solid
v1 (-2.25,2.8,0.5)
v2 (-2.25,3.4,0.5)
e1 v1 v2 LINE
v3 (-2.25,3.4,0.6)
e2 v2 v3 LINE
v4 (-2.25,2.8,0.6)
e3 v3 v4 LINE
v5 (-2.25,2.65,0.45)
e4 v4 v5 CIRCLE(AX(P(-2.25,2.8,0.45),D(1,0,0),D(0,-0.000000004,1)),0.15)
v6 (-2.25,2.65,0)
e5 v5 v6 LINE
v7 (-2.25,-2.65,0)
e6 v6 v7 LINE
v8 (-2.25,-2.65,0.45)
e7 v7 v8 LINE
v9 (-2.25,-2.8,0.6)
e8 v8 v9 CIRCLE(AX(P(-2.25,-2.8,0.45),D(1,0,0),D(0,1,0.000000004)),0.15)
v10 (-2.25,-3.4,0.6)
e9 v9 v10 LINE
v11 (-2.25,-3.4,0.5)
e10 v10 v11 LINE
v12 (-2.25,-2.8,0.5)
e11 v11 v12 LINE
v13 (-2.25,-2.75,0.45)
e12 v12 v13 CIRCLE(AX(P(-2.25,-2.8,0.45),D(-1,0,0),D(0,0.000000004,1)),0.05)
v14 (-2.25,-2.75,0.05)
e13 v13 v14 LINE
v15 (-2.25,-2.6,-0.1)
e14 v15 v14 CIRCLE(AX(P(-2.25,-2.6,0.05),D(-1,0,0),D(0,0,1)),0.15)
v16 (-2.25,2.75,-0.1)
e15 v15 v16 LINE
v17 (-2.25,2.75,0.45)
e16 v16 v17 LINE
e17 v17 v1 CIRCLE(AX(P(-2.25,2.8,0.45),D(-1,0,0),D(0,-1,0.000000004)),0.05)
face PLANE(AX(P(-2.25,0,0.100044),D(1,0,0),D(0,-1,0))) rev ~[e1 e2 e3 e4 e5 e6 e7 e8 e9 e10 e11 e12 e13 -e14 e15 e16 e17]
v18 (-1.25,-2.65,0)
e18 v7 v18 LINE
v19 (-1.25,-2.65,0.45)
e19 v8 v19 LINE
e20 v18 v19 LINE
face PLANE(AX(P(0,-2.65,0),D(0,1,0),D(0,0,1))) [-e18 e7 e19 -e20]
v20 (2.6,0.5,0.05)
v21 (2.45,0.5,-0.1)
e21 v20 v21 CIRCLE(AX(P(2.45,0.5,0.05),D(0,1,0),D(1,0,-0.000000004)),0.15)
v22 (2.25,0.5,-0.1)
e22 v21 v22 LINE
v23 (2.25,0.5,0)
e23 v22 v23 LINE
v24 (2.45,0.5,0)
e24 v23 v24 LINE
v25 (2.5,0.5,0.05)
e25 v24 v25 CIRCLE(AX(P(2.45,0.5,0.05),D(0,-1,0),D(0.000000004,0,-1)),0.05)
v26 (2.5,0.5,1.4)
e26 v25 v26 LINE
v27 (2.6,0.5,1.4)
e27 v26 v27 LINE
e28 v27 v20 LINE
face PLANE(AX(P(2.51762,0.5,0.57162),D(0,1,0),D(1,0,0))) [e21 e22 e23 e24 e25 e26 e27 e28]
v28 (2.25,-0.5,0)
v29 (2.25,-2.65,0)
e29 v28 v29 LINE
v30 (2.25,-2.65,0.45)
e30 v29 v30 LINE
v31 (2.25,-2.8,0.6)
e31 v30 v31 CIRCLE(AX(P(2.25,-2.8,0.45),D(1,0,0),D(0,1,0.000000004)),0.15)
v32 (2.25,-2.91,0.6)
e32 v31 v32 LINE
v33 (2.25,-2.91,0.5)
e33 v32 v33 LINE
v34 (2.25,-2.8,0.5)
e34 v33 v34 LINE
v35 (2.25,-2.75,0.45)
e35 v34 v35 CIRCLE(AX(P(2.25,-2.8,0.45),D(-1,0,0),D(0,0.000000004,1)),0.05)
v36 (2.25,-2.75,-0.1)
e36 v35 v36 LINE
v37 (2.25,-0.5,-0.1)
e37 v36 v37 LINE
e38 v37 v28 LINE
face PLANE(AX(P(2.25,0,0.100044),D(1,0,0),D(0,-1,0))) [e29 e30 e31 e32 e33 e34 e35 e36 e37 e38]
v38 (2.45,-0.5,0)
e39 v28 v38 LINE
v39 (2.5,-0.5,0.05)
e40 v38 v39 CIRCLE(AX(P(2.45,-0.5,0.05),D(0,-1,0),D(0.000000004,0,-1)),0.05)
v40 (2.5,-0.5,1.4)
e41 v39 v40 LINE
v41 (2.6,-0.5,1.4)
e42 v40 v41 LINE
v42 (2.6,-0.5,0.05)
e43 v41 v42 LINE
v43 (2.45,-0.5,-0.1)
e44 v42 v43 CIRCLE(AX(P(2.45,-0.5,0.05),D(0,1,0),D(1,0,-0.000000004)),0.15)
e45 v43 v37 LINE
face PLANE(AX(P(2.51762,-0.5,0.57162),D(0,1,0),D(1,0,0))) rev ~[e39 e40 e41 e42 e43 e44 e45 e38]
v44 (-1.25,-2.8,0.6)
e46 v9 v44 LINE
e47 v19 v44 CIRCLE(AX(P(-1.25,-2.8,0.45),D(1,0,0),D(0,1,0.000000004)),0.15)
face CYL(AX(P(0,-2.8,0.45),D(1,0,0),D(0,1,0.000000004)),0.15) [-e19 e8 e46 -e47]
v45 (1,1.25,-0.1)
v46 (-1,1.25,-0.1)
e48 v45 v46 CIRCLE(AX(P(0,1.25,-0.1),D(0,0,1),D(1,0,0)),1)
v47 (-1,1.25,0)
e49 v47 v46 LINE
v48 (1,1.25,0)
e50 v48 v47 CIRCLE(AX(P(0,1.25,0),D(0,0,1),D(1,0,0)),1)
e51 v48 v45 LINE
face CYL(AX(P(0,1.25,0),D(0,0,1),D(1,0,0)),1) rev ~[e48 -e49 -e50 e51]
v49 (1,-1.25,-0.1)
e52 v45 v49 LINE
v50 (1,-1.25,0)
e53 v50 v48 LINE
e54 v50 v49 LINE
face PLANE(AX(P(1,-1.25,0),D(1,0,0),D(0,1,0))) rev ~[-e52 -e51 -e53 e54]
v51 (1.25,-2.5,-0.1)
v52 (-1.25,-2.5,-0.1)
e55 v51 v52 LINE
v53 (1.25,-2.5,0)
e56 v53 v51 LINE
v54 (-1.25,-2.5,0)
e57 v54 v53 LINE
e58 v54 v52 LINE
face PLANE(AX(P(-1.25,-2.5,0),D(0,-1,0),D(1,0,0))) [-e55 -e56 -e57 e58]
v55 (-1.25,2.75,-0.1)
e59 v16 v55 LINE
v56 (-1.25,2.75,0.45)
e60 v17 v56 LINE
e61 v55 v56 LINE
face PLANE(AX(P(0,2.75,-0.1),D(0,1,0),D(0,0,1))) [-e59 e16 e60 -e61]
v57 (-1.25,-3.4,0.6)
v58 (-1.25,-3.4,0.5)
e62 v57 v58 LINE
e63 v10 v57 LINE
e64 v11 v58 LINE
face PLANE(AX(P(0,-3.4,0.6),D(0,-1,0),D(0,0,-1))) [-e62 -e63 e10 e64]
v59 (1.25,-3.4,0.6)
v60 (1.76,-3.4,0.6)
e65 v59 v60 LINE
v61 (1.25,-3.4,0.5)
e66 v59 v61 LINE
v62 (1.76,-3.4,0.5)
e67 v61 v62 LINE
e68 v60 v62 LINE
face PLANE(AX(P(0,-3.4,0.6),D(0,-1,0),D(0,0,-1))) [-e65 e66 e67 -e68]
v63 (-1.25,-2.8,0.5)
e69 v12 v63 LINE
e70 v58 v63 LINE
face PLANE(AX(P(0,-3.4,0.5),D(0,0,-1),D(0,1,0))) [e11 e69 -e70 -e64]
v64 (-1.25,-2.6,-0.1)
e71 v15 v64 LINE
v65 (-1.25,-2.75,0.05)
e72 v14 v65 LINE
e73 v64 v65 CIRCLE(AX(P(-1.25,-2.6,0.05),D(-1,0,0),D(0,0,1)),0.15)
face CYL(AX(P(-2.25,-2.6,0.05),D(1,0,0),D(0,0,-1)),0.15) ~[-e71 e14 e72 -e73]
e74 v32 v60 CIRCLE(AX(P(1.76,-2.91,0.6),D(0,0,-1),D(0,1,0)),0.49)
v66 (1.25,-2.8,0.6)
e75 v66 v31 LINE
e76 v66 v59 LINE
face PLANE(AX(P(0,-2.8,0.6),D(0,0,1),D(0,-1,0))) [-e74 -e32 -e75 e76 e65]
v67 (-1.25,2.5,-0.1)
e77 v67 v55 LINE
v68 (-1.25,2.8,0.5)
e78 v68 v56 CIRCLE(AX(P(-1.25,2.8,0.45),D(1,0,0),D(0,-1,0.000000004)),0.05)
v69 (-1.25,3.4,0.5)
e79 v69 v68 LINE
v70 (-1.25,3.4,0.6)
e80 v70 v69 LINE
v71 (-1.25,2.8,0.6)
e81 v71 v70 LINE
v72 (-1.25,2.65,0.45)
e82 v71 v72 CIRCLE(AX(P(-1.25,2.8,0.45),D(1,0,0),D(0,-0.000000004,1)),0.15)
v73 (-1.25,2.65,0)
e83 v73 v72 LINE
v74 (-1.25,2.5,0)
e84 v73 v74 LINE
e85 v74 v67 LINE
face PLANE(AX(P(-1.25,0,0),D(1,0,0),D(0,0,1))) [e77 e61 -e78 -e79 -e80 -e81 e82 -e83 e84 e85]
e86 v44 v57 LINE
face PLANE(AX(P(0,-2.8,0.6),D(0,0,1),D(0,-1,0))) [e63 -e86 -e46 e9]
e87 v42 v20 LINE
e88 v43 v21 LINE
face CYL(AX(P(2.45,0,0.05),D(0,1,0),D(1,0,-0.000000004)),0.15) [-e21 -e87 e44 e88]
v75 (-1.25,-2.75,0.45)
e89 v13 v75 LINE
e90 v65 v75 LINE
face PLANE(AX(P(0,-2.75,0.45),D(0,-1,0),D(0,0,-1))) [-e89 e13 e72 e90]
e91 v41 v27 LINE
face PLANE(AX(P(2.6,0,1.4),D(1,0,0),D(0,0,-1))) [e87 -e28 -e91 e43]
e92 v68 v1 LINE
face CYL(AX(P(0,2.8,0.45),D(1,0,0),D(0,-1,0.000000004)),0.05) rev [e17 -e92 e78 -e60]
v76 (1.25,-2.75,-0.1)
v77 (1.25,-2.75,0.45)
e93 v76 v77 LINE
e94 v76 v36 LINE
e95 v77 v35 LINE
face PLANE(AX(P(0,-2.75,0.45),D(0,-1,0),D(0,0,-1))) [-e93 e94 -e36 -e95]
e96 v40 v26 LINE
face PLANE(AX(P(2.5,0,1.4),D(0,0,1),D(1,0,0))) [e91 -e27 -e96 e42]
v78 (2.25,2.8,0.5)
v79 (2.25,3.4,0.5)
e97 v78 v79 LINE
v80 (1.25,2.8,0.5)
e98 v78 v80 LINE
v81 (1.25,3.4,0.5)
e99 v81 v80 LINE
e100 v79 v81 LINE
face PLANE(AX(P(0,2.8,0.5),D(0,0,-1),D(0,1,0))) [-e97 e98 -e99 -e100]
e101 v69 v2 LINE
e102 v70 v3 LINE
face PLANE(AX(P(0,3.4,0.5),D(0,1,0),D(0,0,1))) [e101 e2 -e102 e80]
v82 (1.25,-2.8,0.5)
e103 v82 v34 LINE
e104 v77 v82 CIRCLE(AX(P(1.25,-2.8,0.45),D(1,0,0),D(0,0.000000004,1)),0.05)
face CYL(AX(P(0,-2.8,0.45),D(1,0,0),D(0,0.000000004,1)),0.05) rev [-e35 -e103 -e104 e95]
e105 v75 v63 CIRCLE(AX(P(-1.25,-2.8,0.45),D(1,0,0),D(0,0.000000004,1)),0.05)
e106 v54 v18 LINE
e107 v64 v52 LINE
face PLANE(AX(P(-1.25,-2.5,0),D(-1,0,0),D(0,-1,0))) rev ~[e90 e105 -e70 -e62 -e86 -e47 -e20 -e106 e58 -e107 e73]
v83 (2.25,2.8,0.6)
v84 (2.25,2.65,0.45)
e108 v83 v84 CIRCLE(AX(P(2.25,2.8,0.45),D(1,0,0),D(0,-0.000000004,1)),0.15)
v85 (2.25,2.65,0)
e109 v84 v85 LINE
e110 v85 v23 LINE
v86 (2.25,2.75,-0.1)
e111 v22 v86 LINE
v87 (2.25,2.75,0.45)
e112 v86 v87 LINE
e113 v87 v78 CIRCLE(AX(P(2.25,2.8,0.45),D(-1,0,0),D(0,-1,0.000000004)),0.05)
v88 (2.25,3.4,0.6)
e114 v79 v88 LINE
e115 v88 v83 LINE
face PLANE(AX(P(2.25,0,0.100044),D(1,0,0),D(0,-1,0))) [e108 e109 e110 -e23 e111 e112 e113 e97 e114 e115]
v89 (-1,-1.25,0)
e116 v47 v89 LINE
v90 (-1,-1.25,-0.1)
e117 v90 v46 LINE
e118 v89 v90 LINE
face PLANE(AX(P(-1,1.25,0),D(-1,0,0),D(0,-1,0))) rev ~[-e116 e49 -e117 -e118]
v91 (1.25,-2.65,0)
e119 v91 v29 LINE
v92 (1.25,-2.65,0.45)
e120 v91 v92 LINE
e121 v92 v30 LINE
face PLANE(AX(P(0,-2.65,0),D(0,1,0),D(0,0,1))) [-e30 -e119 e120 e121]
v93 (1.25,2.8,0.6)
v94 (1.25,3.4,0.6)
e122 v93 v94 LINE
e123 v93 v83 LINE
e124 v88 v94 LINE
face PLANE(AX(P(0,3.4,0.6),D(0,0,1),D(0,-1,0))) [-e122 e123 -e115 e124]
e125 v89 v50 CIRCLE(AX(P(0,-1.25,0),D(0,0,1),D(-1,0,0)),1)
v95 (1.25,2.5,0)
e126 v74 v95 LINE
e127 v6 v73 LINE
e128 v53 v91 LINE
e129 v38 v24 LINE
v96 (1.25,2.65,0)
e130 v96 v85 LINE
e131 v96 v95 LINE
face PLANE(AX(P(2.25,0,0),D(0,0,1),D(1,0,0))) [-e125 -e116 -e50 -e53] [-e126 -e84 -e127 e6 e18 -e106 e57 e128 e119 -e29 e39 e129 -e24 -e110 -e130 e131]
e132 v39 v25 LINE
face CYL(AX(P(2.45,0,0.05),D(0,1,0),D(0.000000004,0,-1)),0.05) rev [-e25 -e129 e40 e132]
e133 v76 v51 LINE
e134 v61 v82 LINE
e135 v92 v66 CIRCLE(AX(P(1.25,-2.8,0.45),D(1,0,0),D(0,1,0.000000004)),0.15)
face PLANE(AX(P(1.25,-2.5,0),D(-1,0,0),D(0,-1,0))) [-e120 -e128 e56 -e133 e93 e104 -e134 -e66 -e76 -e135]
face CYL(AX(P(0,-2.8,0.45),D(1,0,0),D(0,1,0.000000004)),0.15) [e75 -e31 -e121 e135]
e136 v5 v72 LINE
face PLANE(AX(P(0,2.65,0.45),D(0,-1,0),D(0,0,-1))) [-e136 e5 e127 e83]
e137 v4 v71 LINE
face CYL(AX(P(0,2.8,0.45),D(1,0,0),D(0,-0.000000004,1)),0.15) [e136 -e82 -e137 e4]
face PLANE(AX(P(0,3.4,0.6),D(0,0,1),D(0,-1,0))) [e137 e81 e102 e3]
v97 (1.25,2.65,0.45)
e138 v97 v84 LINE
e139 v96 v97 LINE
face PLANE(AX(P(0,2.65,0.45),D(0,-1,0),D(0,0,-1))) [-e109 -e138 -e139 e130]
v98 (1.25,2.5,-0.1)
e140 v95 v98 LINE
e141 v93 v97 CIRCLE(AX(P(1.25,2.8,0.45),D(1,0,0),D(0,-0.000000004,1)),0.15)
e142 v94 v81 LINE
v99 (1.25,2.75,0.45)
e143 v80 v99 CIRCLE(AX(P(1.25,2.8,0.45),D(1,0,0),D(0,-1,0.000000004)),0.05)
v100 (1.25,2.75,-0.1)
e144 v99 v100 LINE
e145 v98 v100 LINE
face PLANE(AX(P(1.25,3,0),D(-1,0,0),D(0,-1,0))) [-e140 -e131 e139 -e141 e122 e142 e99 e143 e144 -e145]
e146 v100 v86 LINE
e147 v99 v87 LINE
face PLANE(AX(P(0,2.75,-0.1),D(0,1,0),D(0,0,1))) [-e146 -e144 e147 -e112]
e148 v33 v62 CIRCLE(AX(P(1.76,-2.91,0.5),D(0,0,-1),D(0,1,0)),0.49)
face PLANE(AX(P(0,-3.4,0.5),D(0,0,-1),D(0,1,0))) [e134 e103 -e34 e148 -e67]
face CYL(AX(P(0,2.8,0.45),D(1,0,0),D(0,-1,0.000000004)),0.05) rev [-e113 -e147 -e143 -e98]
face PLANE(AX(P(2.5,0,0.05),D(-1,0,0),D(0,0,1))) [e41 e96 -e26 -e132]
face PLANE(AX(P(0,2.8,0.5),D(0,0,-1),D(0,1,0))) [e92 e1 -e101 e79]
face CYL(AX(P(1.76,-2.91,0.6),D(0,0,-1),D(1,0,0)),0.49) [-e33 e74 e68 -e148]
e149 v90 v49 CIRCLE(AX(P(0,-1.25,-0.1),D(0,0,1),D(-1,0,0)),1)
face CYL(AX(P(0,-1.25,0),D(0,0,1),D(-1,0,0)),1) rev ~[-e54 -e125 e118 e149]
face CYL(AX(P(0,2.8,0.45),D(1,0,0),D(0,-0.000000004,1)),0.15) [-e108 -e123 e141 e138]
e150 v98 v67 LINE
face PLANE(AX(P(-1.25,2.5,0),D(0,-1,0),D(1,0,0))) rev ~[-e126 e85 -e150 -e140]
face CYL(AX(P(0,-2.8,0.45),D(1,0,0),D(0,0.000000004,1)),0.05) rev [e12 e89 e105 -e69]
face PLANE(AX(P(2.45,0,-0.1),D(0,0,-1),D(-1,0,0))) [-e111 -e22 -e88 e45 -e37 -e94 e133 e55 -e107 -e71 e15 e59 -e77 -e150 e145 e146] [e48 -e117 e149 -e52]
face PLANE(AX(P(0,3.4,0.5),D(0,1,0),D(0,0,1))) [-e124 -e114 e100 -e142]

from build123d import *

# Parameters (mm, degrees)
EXTRUDE_THIN2_DEPTH      = 2.25
EXTRUDE_THIN2_DEPTH_BACK = 2.25
SKETCH2_W                = 2.5
SKETCH2_H                = 0.8
EXTRUDE1_DEPTH           = 4
EXTRUDE1_DEPTH_BACK      = 4
S2D0010_W                = 0.5
S2D0010_H                = 2.5
EXTRUDE2_DEPTH           = 0.17
EXTRUDE_THIN3_DEPTH      = 0.5
EXTRUDE_THIN3_DEPTH_BACK = 0.5
FILLET1_R                = 0.15
FILLET2_R                = 0.49


with BuildPart() as part:
    # Sketch1 → Extrude-Thin2 (new body, two sides)
    with BuildSketch(Plane(origin=(0, 0, 0), x_dir=(0, -1, 0), z_dir=(1, 0, 0))) as extrude_thin2_sk:
        with BuildLine():
            Line((-3.4, -0.6), (-2.8, -0.6))
            ThreePointArc((-2.8, -0.6), (-2.693933983, -0.556066017), (-2.65, -0.45))
            Line((-2.65, -0.45), (-2.65, 0))
            Line((-2.65, 0), (2.65, 0))
            Line((2.65, 0), (2.65, -0.45))
            ThreePointArc((2.65, -0.45), (2.693933983, -0.556066017), (2.8, -0.6))
            Line((2.8, -0.6), (3.4, -0.6))
            Line((3.4, -0.6), (3.4, -0.5))
            Line((3.4, -0.5), (2.8, -0.5))
            ThreePointArc((2.8, -0.5), (2.764644661, -0.485355339), (2.75, -0.45))
            Line((2.75, -0.45), (2.75, 0.1))
            Line((2.75, 0.1), (-2.75, 0.1))
            Line((-2.75, 0.1), (-2.75, -0.45))
            ThreePointArc((-2.75, -0.45), (-2.764644661, -0.485355339), (-2.8, -0.5))
            Line((-2.8, -0.5), (-3.4, -0.5))
            Line((-3.4, -0.5), (-3.4, -0.6))
        make_face()
    extrude(amount=EXTRUDE_THIN2_DEPTH)
    extrude(extrude_thin2_sk.sketch, amount=-EXTRUDE_THIN2_DEPTH_BACK)

    # Sketch2 → Extrude1 (cut, two sides)
    with BuildSketch(Plane(origin=(0, 0, 0), x_dir=(-1, 0, 0), z_dir=(0, 1, 0))) as extrude1_sk:
        with Locations((0, 0.4)):
            Rectangle(SKETCH2_W, SKETCH2_H)
    extrude(amount=EXTRUDE1_DEPTH, mode=Mode.SUBTRACT)
    extrude(extrude1_sk.sketch, amount=-EXTRUDE1_DEPTH_BACK, mode=Mode.SUBTRACT)

    # S2D0010 → Extrude2 (cut)
    with BuildSketch(Plane(origin=(0, 0, 0), x_dir=(0, -1, 0), z_dir=(0, 0, 1))):
        with BuildLine():
            Line((1.25, 1), (-1.25, 1))
            ThreePointArc((-1.25, 1), (-2.25, 0), (-1.25, -1))
            Line((-1.25, -1), (1.25, -1))
            ThreePointArc((1.25, -1), (2.25, 0), (1.25, 1))
        make_face()
        with Locations((2.75, 0)):
            Rectangle(S2D0010_W, S2D0010_H)
        with Locations((-2.75, 0)):
            Rectangle(S2D0010_W, S2D0010_H)
    extrude(amount=-EXTRUDE2_DEPTH, mode=Mode.SUBTRACT)

    # S2D0012 → Extrude-Thin3 (add, two sides)
    with BuildSketch(Plane(origin=(0, 0, 0), x_dir=(1, 0, 0), z_dir=(0, 1, 0))) as extrude_thin3_sk:
        with BuildLine():
            Line((2.25, 0), (2.45, 0))
            ThreePointArc((2.45, 0), (2.485355339, -0.014644661), (2.5, -0.05))
            Line((2.5, -0.05), (2.5, -1.4))
            Line((2.5, -1.4), (2.6, -1.4))
            Line((2.6, -1.4), (2.6, -0.05))
            ThreePointArc((2.6, -0.05), (2.556066017, 0.056066017), (2.45, 0.1))
            Line((2.45, 0.1), (2.25, 0.1))
            Line((2.25, 0.1), (2.25, 0))
        make_face()
    extrude(amount=EXTRUDE_THIN3_DEPTH)
    extrude(extrude_thin3_sk.sketch, amount=-EXTRUDE_THIN3_DEPTH_BACK)

    # Fillet1
    fillet1_edges = [part.edges().sort_by_distance(p)[0] for p in [
        (-1.75, -2.75, -0.1),
    ]]
    fillet(fillet1_edges, radius=FILLET1_R)

    # Fillet2
    fillet2_edges = [part.edges().sort_by_distance(p)[0] for p in [
        (2.25, -3.4, 0.55),
    ]]
    fillet(fillet2_edges, radius=FILLET2_R)


solid = part.part
